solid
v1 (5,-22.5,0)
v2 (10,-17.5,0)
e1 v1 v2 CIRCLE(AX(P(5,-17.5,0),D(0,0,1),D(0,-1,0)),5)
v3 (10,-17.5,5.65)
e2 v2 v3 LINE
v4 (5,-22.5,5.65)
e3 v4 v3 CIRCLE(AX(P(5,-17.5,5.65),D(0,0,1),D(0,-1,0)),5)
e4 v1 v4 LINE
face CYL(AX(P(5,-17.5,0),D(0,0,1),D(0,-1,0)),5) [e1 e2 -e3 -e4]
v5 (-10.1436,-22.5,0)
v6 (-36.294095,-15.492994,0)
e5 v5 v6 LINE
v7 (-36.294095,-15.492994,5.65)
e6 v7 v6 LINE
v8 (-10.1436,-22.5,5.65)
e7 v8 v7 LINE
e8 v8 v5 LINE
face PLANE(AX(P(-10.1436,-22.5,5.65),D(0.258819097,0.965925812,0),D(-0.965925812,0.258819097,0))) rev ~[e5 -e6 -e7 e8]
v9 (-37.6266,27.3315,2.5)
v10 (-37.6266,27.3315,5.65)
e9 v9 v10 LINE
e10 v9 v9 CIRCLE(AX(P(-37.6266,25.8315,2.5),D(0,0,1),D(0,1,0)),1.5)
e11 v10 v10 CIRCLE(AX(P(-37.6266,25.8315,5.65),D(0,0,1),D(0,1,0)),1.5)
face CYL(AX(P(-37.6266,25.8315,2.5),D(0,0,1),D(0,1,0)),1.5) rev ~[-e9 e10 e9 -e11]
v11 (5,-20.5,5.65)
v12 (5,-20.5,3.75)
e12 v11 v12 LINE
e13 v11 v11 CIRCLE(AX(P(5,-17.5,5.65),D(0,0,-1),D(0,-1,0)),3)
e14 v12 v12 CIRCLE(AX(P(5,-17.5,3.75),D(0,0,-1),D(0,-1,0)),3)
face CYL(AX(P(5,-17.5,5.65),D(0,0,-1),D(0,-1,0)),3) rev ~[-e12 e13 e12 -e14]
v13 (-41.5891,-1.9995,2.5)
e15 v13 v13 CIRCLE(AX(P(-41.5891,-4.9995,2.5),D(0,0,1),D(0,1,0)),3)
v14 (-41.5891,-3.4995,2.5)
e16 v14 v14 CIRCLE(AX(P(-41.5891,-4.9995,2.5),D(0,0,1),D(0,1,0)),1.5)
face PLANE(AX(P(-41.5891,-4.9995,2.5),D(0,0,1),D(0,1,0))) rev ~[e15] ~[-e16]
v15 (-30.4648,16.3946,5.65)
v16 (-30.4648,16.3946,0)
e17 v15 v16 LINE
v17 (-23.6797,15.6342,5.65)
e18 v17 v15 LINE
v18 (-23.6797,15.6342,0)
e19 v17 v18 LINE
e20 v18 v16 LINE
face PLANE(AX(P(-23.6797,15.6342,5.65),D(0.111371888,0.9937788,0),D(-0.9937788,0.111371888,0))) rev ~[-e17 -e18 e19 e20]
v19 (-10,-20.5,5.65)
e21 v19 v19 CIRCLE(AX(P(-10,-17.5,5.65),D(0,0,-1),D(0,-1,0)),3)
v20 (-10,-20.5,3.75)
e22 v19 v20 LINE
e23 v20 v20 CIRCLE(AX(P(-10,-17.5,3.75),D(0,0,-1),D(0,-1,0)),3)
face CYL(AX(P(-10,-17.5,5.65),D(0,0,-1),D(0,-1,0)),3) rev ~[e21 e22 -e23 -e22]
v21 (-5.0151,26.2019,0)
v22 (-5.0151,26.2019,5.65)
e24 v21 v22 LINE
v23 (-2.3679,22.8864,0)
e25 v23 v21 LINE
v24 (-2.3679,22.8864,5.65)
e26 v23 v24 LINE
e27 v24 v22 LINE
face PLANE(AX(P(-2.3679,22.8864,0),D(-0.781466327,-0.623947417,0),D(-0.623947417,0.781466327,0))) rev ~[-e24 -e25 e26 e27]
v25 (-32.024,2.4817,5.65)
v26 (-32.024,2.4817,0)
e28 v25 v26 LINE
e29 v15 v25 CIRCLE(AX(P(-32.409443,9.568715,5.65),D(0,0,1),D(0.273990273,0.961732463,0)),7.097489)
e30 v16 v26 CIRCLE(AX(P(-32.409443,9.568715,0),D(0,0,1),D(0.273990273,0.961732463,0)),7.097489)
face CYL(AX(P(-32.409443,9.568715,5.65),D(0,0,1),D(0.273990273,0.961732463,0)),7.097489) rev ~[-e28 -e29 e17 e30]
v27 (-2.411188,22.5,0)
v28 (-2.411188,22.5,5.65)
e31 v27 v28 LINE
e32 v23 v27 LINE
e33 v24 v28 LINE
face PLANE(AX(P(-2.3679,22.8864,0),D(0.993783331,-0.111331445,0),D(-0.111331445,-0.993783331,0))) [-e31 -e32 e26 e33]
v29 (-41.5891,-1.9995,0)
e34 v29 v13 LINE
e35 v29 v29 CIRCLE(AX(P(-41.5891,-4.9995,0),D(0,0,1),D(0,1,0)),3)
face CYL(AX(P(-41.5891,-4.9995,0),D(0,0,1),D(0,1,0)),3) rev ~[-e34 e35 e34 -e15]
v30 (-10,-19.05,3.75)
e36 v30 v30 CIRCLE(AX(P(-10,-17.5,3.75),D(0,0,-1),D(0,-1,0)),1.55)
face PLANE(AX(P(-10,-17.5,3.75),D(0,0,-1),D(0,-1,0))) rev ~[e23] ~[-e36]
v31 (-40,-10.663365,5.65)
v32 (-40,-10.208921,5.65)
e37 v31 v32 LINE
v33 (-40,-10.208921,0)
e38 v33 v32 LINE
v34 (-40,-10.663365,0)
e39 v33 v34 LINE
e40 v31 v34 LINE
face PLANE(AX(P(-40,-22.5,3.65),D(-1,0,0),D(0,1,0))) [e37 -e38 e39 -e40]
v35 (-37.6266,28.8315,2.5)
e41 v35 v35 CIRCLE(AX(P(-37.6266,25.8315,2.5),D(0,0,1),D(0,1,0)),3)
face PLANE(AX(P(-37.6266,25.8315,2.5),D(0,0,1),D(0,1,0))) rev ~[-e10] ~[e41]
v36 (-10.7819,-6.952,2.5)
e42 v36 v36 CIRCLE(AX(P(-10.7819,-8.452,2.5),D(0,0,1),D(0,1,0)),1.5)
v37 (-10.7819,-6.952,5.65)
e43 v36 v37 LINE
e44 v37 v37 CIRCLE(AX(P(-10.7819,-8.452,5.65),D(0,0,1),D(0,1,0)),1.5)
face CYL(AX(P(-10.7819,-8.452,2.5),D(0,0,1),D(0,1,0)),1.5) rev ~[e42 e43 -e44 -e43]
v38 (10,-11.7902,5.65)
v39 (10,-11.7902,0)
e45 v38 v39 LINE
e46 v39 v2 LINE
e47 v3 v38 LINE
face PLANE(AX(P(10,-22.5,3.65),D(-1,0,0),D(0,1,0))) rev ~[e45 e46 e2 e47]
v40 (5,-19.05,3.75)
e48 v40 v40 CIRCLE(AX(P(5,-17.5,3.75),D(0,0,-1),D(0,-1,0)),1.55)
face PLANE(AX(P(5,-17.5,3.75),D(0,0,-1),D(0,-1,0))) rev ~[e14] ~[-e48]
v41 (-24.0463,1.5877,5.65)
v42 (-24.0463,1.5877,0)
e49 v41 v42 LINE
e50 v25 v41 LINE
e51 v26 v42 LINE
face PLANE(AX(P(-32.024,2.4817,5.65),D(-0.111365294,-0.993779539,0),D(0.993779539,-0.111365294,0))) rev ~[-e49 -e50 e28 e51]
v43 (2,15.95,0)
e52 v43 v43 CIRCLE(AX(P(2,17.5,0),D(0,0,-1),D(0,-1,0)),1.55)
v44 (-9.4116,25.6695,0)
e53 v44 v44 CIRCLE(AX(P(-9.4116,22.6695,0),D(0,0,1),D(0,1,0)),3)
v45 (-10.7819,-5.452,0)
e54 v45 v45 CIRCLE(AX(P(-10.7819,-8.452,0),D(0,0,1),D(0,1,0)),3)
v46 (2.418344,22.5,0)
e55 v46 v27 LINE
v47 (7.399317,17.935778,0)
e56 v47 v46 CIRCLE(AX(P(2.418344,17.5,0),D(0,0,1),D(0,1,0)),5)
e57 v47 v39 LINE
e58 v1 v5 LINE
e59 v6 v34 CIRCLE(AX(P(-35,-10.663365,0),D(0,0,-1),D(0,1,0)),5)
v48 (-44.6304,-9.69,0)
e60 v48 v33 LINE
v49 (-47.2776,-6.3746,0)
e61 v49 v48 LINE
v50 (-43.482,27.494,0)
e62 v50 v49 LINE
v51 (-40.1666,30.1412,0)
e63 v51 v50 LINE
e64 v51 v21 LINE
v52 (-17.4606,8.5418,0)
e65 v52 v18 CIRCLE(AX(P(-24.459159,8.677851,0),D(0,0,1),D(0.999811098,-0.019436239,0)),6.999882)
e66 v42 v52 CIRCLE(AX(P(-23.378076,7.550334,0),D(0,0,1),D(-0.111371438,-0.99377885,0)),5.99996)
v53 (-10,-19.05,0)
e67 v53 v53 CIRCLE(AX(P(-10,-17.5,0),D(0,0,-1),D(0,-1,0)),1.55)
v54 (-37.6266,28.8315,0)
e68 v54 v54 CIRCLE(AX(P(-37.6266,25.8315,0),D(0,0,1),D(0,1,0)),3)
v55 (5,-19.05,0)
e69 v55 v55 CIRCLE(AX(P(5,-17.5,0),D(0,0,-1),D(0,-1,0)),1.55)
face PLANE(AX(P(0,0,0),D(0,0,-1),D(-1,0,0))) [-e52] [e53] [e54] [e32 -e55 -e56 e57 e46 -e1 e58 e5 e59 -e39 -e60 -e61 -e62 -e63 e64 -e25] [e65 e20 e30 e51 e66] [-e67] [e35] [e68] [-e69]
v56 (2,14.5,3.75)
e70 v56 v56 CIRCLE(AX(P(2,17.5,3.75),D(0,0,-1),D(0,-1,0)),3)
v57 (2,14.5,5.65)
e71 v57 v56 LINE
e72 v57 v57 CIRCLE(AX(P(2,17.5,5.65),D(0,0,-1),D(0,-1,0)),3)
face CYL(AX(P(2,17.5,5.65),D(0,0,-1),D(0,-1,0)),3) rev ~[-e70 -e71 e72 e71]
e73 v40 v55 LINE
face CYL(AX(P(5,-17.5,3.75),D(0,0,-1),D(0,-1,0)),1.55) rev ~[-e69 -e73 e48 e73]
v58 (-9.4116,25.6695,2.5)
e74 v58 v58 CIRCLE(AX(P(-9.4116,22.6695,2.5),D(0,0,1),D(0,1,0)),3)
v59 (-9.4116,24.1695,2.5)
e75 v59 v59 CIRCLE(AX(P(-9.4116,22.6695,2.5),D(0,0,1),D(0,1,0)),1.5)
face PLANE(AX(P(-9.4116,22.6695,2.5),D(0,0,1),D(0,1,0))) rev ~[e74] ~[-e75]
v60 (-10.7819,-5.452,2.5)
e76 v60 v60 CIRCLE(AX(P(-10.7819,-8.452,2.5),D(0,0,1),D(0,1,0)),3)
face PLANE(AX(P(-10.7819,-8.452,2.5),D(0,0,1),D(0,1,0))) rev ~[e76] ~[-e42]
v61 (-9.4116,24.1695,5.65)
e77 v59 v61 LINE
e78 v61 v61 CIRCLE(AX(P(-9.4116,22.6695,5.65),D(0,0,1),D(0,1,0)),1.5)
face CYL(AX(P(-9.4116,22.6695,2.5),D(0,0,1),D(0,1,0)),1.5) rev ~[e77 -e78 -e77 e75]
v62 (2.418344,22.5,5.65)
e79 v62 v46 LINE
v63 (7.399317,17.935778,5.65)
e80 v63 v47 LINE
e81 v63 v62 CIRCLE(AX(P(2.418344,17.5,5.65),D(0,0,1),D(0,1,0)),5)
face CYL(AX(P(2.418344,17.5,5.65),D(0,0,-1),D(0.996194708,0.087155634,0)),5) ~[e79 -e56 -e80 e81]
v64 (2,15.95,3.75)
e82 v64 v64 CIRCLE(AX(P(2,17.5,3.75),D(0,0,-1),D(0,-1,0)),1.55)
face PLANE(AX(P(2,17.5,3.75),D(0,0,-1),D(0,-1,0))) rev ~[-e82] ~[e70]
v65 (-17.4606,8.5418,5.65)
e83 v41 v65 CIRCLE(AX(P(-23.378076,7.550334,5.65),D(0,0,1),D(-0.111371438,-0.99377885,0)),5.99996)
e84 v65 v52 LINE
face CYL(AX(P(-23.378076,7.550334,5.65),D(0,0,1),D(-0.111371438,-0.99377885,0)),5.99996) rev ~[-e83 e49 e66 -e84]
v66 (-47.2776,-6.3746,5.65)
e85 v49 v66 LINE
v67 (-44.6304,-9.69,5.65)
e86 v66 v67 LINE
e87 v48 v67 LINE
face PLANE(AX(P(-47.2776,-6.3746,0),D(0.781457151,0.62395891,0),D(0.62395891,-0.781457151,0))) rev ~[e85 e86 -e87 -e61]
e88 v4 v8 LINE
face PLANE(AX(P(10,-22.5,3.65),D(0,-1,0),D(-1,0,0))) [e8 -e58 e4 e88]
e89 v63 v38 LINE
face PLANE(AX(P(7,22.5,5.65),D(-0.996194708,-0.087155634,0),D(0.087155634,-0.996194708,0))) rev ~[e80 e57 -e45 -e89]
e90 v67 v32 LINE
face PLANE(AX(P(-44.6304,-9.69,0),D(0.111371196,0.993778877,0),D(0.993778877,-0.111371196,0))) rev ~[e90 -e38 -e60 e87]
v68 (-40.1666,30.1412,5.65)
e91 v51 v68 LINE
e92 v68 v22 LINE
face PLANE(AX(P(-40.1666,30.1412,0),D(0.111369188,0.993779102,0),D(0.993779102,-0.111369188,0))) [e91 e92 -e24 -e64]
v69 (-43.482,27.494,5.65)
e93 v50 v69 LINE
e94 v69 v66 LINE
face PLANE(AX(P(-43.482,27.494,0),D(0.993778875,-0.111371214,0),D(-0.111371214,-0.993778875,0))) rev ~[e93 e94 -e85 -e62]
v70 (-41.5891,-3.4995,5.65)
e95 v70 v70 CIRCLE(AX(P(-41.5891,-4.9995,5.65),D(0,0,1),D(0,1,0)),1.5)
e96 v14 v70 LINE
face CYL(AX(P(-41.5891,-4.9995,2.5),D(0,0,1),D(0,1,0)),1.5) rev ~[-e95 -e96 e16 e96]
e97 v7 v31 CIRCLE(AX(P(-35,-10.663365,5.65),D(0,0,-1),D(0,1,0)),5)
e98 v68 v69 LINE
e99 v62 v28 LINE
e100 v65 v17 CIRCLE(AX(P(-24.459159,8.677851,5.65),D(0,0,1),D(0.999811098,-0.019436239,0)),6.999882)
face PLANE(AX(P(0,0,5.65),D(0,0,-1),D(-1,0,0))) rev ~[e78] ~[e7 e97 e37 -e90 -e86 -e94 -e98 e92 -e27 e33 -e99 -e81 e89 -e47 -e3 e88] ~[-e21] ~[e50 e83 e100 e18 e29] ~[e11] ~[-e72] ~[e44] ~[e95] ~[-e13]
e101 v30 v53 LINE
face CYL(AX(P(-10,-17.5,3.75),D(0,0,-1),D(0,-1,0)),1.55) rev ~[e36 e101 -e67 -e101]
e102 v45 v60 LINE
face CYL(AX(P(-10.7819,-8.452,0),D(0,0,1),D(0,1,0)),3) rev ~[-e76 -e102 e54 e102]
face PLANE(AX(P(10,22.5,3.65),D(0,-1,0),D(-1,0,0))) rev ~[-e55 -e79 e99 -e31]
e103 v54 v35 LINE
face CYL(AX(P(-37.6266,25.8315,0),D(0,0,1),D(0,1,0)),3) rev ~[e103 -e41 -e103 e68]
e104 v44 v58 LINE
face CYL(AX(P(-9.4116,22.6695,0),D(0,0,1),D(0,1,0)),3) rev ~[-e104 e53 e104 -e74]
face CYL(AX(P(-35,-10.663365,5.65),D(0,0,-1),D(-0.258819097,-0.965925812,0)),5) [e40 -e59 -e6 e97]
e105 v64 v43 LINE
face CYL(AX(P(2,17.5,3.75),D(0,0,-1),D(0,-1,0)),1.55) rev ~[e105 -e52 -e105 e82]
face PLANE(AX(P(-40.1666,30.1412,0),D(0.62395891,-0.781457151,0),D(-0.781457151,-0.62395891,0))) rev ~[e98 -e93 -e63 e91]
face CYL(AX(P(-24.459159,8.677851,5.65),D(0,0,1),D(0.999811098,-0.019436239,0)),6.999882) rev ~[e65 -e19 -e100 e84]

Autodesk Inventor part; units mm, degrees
ref_plane "YZ Plane" through (0, 0, 0) normal (1, 0, 0) x (0, 1, 0)
ref_plane "XZ Plane" through (0, 0, 0) normal (0, 1, 0) x (-1, 0, 0)
ref_plane "XY Plane" through (0, 0, 0) normal (0, 0, 1) x (1, 0, 0)
ref_plane "Work Plane2" through (0, 0, 0) normal (0, 0, 1) x (1, 0, 0)
sketch "Sketch1" plane through (0, 0, 0) normal (0, 0, 1) x (1, 0, 0)
  line L0 (-10, 22.5) -> (10, 22.5)
  line L1 (10, 22.5) -> (10, -22.5)
  line L2 (10, -22.5) -> (-10, -22.5)
  line L3 (-10, -22.5) -> (-10, 22.5)
  circle A0 centre (0, 17.5) radius 1.25
  circle A1 centre (5, -17.5) radius 1.25
  point P0 (0, 0)
  dimension "d38" = 20
  dimension "d39" = 45
  dimension "d40" = 2.5
  dimension "d41" = 2.5
  dimension "d42" = 10
  dimension "d43" = 5
  dimension "d44" = 5
  dimension "d45" = 5
extrude "Extrusion1" add sketch "Sketch1" along normal blind 3.65 contours L0 L1 L2 L3 | A0 | A1
sketch "Sketch2" plane through (-10, 118.2358, 3.65) normal (-1, 0, 0) x (0, 0, 1)
  line L0 (-3.65, -95.7358) -> (-3.65, -140.7358) projected
  line L1 (-3.65, -140.7358) -> (0, -140.7358) projected
  line L2 (0, -95.7358) -> (0, -140.7358) projected
  line L3 (-3.65, -95.7358) -> (0, -95.7358) projected
  point P0 (-3.65, -118.2358)
extrude "Extrusion2" add sketch "Sketch2" along normal blind 30
sketch "Sketch3" plane through (0, 0, 3.65) normal (0, 0, 1) x (1, 0, 0)
  line L0 (10, -22.5) -> (10, 22.5) projected
  line L1 (10, 22.5) -> (-40, 22.5) projected
  line L2 (-40, -22.5) -> (-40, 22.5) projected
  line L3 (10, -22.5) -> (-40, -22.5) projected
  circle A0 centre (0, 17.5) radius 3 construction
  circle A1 centre (5, -17.5) radius 3 construction
  point P0 (0, 0)
  dimension "d48" = 6
  dimension "d49" = 6
extrude "Extrusion3" add sketch "Sketch3" along normal blind 2
ref_plane "Work Plane3" through (0, 0, 0) normal (0, 0, -1) x (-1, 0, 0)
sketch "Sketch10" plane through (0, 0, 5.65) normal (0, 0, 1) x (1, 0, 0)
  circle A0 centre (-10, -17.5) radius 2.5953
  line L0 (-40, -22.5) -> (10, -22.5) projected
  line L1 (10, -22.5) -> (10, 22.5) projected
  circle A1 centre (5, -17.5) radius 2.5953
  circle A2 centre (2, 17.5) radius 2.5953
  line L2 (10, 22.5) -> (-40, 22.5) projected
  point P0 (0, 0)
  dimension "d75" = 5
  dimension "d76" = 20
  dimension "d77" = 8
  dimension "d78" = 5
  dimension "d79" = 5
  dimension "d80" = 5
hole "Hole4" at (-10, -17.5, 5.65) at (5, -17.5, 5.65) at (2, 17.5, 5.65) direction (0, 0, -1) diameter 3.1 end through all counterbore diameter 6 counterbore depth 1.9
sketch "Sketch11" plane through (0, 0, 5.65) normal (0, 0, 1) x (1, 0, 0)
  circle A0 centre (5, -17.5) radius 3 projected
  circle A1 centre (-10, -17.5) radius 3 projected
  circle A2 centre (2, 17.5) radius 3 projected
  line L0 (-40, -22.5) -> (10, -22.5) projected
  line L1 (10, -22.5) -> (10, 22.5) projected
  line L2 (10, 22.5) -> (-40, 22.5) projected
  line L3 (-40, 22.5) -> (-40, -22.5) projected
  line L4 (-40, -22.5) -> (10, -22.5) projected
  line L5 (-10.1436, -22.5) -> (-40, -14.5)
  line L6 (10, 22.5) -> (-40, 22.5) projected
  line L7 (7, 22.5) -> (10, -11.7902)
  point P0 (0, 0)
  dimension "d81" = 15
  dimension "d82" = 8
  dimension "d83" = 5
  dimension "d84" = 3
extrude "Extrusion7" cut sketch "Sketch11" against normal through all contours L3 L5 L0 | L7 L2 L1
fillet "Fillet1" radius 5 3 edges at (10, -22.5, 2.825) (7, 22.5, 2.825) (-40, -14.5, 2.825)
sketch "Sketch12" plane through (0, 0, 5.65) normal (0, 0, 1) x (1, 0, 0)
  arc A0 (-24.0463, 1.5877) -> (-17.4606, 8.5418) centre (-23.3781, 7.5504) ccw
  arc A1 (-17.4606, 8.5418) -> (-23.6797, 15.6342) centre (-24.4593, 8.6778) ccw
  arc A2 (-30.4648, 16.3946) -> (-32.024, 2.4817) centre (-32.4095, 9.5688) ccw
  line L0 (-32.024, 2.4817) -> (-24.0463, 1.5877)
  line L1 (-23.6797, 15.6342) -> (-30.4648, 16.3946)
  point P0 (0, 0)
extrude "Extrusion8" cut sketch "Sketch12" against normal through all
sketch "Sketch13" plane through (0, 0, 0) normal (0, 0, -1) x (-1, 0, 0)
  arc A0 (32.024, 2.4817) -> (30.4648, 16.3946) centre (32.4095, 9.5688) ccw projected
  line L0 (32.024, 2.4817) -> (24.0463, 1.5877) projected
  arc A1 (17.4606, 8.5418) -> (24.0463, 1.5877) centre (23.3781, 7.5504) ccw projected
  arc A2 (23.6797, 15.6342) -> (17.4606, 8.5418) centre (24.4593, 8.6778) ccw projected
  line L1 (23.6797, 15.6342) -> (30.4648, 16.3946) projected
  arc A3 (36.2941, -15.493) -> (40, -10.6634) centre (35, -10.6634) ccw projected
  line L2 (40, 22.5) -> (40, -10.6634) projected
  line L3 (-2.4183, 22.5) -> (40, 22.5) projected
  arc A4 (-2.4183, 22.5) -> (-7.3993, 17.9358) centre (-2.4183, 17.5) ccw projected
  line L4 (-7.3993, 17.9358) -> (-10, -11.7902) projected
  line L5 (-10, -17.5) -> (-10, -11.7902) projected
  arc A5 (-10, -17.5) -> (-5, -22.5) centre (-5, -17.5) ccw projected
  line L6 (-5, -22.5) -> (10.1436, -22.5) projected
  line L7 (10.1436, -22.5) -> (36.2941, -15.493) projected
  circle A6 centre (-5, -17.5) radius 1.55 projected
  circle A7 centre (10, -17.5) radius 1.55 projected
  circle A8 centre (-2, 17.5) radius 1.55 projected
  line L8 (2.3679, 22.8864) -> (2.6218, 20.62)
  line L9 (2.3679, 22.8864) -> (5.0151, 26.2019)
  line L10 (40.1666, 30.1412) -> (5.0151, 26.2019)
  line L11 (40.1666, 30.1412) -> (43.482, 27.494)
  line L12 (43.482, 27.494) -> (47.2776, -6.3746)
  line L13 (47.2776, -6.3746) -> (44.6304, -9.69)
  line L14 (44.6304, -9.69) -> (34.1957, -10.8594)
  point P0 (0, 0)
  point P1 (2.4112, 22.5)
  point P2 (40, -10.2089)
extrude "Extrusion9" add sketch "Sketch13" against normal up to surface (5.65 mm away) contours L2 L3 L8 L9 L10 L11 L12 L13 L14
sketch "Sketch14" plane through (0, 0, 0) normal (0, 0, -1) x (-1, 0, 0)
  circle A0 centre (37.6266, 25.8315) radius 1.7
  circle A1 centre (9.4116, 22.6695) radius 1.7
  circle A2 centre (10.7819, -8.452) radius 2.205
  circle A3 centre (41.5891, -4.9995) radius 1.7
  point P0 (0, 0)
hole "Hole5" at (-9.4116, 22.6695, 0) at (-37.6266, 25.8315, 0) at (-41.5891, -4.9995, 0) at (-10.7819, -8.452, 0) direction (0, 0, 1) diameter 3 end through all counterbore diameter 6 counterbore depth 2.5
properties part number "BOWDEN MOUNT"
